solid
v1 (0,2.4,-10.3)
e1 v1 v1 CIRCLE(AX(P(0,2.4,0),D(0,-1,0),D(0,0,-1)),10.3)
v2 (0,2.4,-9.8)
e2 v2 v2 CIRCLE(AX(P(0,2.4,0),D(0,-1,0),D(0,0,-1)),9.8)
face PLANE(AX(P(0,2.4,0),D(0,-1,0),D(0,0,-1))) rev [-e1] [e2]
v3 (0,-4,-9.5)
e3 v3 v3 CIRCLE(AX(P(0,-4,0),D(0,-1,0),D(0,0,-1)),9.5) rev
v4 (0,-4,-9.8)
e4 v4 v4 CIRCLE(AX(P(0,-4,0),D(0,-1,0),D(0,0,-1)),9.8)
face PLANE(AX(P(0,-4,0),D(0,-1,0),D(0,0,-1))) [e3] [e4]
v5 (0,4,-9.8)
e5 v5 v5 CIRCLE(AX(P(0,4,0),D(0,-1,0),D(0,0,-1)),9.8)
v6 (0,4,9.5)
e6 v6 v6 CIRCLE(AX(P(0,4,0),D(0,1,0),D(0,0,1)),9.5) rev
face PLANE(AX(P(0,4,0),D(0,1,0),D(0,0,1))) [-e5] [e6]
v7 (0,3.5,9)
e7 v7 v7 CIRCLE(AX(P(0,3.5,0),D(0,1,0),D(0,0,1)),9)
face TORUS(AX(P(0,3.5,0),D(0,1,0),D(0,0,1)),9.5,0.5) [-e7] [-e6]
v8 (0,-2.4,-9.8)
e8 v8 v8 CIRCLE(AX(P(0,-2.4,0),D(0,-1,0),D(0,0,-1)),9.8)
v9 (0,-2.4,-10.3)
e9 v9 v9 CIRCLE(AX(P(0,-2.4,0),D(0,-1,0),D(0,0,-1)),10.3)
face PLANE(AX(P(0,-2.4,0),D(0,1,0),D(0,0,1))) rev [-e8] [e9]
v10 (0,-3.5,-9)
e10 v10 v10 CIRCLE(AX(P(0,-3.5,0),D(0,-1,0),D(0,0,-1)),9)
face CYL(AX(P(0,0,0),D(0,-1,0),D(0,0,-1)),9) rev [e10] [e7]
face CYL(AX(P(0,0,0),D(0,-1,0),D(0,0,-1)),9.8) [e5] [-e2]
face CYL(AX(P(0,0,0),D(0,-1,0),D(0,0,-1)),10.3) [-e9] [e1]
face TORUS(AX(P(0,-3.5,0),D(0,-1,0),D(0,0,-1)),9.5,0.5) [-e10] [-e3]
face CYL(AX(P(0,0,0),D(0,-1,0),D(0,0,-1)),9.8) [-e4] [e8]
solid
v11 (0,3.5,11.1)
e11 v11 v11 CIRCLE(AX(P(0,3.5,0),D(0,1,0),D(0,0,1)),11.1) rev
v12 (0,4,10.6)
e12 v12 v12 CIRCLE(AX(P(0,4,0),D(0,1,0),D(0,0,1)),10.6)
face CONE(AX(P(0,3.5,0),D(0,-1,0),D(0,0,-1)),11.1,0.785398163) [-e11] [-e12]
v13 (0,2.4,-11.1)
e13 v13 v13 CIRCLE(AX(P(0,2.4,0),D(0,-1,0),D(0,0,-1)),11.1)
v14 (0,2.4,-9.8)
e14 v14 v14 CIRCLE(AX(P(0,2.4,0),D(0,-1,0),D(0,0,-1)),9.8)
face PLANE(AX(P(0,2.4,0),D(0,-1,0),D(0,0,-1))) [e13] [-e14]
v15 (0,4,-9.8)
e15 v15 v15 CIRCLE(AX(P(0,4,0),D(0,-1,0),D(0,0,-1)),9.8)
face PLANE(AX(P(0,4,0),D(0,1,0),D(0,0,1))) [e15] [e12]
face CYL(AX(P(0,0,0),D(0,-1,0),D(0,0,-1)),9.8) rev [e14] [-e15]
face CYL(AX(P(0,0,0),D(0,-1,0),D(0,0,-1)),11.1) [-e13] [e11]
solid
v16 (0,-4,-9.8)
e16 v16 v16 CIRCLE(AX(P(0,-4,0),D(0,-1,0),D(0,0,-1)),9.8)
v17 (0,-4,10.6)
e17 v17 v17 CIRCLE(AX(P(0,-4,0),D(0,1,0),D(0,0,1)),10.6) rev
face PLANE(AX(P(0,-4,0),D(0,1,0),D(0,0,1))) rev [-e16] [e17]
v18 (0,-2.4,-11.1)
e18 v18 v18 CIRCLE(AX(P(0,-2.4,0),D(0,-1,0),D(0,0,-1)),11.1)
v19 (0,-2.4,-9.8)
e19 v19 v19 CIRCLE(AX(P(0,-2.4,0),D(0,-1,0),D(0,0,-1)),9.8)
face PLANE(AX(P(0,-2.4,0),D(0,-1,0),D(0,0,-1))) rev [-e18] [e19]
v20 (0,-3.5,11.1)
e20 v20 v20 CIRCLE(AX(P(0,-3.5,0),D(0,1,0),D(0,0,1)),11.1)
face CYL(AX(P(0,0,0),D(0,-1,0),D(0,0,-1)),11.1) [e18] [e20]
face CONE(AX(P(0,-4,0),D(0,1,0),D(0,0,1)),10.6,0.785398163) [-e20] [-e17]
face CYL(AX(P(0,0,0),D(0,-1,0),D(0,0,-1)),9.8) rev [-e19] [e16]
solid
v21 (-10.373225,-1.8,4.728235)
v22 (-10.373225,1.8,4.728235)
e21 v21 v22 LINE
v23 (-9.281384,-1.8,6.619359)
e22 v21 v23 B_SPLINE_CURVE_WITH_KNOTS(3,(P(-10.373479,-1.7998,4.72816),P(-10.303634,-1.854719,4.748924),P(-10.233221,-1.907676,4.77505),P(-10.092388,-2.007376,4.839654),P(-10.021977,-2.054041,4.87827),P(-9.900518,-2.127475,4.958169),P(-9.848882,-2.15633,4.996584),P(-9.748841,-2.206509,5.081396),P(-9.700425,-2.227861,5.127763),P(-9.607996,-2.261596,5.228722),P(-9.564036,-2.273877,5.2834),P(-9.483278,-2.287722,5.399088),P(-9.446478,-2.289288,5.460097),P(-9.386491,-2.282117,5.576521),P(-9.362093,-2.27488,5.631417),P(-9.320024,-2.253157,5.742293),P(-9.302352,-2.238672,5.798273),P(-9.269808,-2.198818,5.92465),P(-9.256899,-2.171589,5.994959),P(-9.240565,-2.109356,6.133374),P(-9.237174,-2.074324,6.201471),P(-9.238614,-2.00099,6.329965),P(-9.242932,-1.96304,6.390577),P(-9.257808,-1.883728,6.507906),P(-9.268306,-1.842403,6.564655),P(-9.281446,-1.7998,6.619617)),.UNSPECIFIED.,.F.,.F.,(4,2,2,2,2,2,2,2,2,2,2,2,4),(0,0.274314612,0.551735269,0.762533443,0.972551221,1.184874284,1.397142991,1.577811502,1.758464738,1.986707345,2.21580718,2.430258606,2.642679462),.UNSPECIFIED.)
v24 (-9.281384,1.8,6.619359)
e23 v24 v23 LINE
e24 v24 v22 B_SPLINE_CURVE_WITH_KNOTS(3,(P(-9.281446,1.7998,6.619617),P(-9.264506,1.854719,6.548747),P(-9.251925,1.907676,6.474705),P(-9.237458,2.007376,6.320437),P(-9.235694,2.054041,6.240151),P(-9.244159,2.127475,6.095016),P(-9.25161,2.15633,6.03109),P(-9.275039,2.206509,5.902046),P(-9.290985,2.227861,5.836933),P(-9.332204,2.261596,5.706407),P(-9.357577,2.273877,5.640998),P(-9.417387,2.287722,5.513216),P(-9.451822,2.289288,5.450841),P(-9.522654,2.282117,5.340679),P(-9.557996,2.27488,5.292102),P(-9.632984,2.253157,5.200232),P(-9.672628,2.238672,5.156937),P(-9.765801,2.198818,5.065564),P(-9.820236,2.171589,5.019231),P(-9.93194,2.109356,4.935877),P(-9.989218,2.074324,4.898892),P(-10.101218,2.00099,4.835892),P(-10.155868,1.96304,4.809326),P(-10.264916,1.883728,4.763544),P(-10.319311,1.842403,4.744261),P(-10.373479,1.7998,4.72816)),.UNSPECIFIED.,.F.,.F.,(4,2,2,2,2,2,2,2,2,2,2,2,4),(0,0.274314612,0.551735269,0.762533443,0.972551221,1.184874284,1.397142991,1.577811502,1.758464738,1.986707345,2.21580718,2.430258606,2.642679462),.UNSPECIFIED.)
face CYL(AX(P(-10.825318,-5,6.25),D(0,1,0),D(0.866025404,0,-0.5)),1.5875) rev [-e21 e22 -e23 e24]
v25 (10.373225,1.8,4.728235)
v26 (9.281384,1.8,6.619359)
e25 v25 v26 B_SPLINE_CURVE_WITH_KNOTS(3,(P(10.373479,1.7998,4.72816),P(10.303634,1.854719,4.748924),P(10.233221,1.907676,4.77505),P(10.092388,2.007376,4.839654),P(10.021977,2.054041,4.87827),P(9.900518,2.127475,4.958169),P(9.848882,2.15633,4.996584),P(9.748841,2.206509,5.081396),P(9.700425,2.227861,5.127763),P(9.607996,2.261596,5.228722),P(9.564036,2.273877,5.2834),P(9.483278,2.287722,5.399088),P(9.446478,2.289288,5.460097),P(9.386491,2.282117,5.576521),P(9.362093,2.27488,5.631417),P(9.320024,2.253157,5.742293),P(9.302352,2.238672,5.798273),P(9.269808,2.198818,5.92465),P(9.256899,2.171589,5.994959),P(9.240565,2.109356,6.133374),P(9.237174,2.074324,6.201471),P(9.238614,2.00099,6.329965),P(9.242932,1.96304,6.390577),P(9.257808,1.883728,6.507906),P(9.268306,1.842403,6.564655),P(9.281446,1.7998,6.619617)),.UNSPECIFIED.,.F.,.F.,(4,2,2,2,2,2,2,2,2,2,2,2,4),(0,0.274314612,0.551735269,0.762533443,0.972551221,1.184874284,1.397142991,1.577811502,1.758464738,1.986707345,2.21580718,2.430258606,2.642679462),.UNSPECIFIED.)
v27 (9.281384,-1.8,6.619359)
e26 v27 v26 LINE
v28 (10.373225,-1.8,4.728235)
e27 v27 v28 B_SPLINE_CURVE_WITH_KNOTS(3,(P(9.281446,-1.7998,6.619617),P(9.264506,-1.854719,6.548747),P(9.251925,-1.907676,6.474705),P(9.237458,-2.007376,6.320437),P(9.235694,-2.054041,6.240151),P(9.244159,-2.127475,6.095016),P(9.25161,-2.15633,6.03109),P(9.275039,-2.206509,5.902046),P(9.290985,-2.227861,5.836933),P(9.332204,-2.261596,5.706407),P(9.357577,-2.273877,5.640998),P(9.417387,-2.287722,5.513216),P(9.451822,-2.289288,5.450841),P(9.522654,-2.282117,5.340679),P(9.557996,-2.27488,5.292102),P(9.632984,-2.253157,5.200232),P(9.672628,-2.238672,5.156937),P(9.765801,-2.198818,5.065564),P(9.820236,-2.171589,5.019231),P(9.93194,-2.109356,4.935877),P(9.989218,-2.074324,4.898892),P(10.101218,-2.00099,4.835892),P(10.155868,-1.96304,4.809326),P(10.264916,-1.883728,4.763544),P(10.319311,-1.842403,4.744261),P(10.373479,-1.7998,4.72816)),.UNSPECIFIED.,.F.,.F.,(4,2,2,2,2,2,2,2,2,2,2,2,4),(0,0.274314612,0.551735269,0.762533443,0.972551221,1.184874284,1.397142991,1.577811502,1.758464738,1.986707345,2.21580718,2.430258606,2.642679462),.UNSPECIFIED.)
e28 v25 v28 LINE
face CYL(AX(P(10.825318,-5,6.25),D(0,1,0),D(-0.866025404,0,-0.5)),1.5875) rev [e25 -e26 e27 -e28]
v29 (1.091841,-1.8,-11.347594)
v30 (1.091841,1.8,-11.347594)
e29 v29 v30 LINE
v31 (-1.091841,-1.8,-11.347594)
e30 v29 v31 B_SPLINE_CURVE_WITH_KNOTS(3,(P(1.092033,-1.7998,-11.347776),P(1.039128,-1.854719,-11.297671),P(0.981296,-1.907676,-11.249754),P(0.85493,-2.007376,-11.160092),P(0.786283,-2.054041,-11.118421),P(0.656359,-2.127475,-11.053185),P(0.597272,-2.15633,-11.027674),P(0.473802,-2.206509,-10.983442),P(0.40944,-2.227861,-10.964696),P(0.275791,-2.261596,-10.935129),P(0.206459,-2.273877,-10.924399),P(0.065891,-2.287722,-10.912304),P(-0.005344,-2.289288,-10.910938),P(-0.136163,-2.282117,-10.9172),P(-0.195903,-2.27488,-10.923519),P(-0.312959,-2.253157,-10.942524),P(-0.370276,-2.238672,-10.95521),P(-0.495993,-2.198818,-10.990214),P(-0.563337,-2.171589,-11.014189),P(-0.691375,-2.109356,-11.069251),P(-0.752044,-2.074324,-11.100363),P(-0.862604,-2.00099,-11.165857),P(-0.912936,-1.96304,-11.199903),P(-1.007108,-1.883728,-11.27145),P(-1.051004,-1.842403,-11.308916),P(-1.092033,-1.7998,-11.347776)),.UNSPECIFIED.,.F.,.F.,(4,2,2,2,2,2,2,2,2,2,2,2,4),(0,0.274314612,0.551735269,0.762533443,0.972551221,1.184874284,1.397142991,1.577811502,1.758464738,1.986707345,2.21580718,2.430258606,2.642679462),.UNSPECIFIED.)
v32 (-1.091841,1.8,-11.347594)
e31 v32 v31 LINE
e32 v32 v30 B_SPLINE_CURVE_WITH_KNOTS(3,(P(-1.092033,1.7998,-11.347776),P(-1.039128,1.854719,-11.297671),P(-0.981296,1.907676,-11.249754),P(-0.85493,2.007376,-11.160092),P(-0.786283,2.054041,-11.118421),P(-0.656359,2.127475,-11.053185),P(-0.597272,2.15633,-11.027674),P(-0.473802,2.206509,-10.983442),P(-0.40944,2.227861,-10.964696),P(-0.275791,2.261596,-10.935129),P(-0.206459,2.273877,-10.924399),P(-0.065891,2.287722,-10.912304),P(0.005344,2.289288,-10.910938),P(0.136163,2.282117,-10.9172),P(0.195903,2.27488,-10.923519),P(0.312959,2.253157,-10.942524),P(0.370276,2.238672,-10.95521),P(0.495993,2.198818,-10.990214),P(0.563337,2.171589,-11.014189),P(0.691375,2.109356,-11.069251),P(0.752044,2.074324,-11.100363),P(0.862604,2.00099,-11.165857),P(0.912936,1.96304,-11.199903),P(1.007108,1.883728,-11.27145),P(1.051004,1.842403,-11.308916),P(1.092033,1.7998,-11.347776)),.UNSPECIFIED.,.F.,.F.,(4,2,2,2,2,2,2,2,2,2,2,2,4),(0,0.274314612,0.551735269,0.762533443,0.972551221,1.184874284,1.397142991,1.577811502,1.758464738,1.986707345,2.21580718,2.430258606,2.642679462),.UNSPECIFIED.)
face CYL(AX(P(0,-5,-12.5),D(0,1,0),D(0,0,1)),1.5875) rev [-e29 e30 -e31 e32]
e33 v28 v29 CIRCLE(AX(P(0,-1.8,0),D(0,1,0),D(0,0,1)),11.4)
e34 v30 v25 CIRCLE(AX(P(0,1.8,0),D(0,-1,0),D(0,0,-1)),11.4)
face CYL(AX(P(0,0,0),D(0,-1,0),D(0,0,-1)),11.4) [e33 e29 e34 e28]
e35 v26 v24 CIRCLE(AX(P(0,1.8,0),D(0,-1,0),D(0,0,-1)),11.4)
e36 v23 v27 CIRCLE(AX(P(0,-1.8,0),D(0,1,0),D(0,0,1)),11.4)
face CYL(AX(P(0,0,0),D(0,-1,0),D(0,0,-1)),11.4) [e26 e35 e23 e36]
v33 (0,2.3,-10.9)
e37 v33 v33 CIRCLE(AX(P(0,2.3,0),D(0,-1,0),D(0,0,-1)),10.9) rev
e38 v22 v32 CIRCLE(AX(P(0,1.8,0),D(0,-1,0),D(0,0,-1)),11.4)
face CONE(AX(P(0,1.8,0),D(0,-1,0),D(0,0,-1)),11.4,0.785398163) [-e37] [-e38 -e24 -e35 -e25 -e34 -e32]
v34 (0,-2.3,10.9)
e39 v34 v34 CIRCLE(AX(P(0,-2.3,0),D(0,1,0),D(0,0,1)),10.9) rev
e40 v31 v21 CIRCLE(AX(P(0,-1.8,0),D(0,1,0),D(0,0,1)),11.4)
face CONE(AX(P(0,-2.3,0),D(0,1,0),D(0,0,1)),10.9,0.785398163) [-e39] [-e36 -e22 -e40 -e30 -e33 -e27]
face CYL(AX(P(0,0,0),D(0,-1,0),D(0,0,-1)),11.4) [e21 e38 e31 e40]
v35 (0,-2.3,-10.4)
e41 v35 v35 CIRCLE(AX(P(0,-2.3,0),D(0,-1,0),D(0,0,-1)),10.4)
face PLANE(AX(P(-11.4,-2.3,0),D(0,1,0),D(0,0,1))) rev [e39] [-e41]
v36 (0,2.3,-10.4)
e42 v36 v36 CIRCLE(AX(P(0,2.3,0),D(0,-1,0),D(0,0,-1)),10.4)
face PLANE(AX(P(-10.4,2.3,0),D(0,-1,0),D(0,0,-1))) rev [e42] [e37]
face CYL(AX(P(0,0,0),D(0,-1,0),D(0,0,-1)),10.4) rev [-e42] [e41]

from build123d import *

# Parameters (mm, degrees)
SKETCH1_W          = 1
SKETCH1_H          = 4.6
FILLET1_R          = 0.5
CHAMFER1_SIZE      = 0.5
CHAMFER2_SIZE      = 0.5
CHAMFER3_SIZE      = 0.5
SKETCH2_R          = 1.5875
CUT_EXTRUDE1_DEPTH = 5
CIRPATTERN1_COUNT  = 3


with BuildPart() as part:
    # Sketch1 → Revolve1 (revolve)
    with BuildSketch(Plane.XY, mode=Mode.PRIVATE) as revolve1_sk:
        Polygon((-10.3, -2.4), (-9.8, -2.4), (-9.8, -4), (-9, -4), (-9, 4), (-9.8, 4), (-9.8, 2.4), (-10.3, 2.4), align=None)
        with Locations((-10.9, 0)):
            Rectangle(SKETCH1_W, SKETCH1_H)
    revolve(revolve1_sk.sketch.rotate(Axis((0, 0, 0), (0, 1, 0)), 270), axis=Axis((0, 0, 0), (0, 1, 0)))

    # Fillet1
    fillet1_edges = [part.edges().sort_by_distance(p)[0] for p in [
        (0, -4, 9),
        (0, 4, 9),
    ]]
    fillet(fillet1_edges, radius=FILLET1_R)

    # Chamfer3
    chamfer3_edges = [part.edges().sort_by_distance(p)[0] for p in [
        (0, -2.3, 11.4),
        (0, 2.3, 11.4),
    ]]
    chamfer(chamfer3_edges, length=CHAMFER3_SIZE)

    # Sketch2 → Cut-Extrude1 (cut, symmetric)
    with BuildSketch(Plane(origin=(0, 0, 0), x_dir=(1, 0, 0), z_dir=(0, 1, 0))):
        with Locations((0, 12.5)):
            Circle(SKETCH2_R)
    cut_extrude1 = extrude(amount=CUT_EXTRUDE1_DEPTH, both=True, mode=Mode.SUBTRACT)

    # CirPattern1: Cut-Extrude1 ×3 about axis
    cirpattern1_axis = Axis((0, 0, 0), (0, 1, 0))
    for i in range(1, CIRPATTERN1_COUNT):
        add(cut_extrude1.rotate(cirpattern1_axis, i * 360 / CIRPATTERN1_COUNT), mode=Mode.SUBTRACT)


with BuildPart() as body_2:
    # Sketch1<3> → Revolve2 (revolve)
    with BuildSketch(Plane.XY, mode=Mode.PRIVATE) as revolve2_sk:
        Polygon((-11.1, 4), (-9.8, 4), (-9.8, 2.4), (-10.3, 2.4), (-11.1, 2.4), align=None)
        Polygon((-10.3, -2.4), (-11.1, -2.4), (-11.1, -4), (-9.8, -4), (-9.8, -2.4), align=None)
    revolve(revolve2_sk.sketch.rotate(Axis((0, 0, 0), (0, 1, 0)), 270), axis=Axis((0, 0, 0), (0, 1, 0)))

    # Chamfer1
    chamfer1_edges = [body_2.edges().sort_by_distance(p)[0] for p in [
        (0, 4, 11.1),
    ]]
    chamfer(chamfer1_edges, length=CHAMFER1_SIZE)

    # Chamfer2
    chamfer2_edges = [body_2.edges().sort_by_distance(p)[0] for p in [
        (0, -4, 11.1),
    ]]
    chamfer(chamfer2_edges, length=CHAMFER2_SIZE)


solid = Compound([part.part, body_2.part])
